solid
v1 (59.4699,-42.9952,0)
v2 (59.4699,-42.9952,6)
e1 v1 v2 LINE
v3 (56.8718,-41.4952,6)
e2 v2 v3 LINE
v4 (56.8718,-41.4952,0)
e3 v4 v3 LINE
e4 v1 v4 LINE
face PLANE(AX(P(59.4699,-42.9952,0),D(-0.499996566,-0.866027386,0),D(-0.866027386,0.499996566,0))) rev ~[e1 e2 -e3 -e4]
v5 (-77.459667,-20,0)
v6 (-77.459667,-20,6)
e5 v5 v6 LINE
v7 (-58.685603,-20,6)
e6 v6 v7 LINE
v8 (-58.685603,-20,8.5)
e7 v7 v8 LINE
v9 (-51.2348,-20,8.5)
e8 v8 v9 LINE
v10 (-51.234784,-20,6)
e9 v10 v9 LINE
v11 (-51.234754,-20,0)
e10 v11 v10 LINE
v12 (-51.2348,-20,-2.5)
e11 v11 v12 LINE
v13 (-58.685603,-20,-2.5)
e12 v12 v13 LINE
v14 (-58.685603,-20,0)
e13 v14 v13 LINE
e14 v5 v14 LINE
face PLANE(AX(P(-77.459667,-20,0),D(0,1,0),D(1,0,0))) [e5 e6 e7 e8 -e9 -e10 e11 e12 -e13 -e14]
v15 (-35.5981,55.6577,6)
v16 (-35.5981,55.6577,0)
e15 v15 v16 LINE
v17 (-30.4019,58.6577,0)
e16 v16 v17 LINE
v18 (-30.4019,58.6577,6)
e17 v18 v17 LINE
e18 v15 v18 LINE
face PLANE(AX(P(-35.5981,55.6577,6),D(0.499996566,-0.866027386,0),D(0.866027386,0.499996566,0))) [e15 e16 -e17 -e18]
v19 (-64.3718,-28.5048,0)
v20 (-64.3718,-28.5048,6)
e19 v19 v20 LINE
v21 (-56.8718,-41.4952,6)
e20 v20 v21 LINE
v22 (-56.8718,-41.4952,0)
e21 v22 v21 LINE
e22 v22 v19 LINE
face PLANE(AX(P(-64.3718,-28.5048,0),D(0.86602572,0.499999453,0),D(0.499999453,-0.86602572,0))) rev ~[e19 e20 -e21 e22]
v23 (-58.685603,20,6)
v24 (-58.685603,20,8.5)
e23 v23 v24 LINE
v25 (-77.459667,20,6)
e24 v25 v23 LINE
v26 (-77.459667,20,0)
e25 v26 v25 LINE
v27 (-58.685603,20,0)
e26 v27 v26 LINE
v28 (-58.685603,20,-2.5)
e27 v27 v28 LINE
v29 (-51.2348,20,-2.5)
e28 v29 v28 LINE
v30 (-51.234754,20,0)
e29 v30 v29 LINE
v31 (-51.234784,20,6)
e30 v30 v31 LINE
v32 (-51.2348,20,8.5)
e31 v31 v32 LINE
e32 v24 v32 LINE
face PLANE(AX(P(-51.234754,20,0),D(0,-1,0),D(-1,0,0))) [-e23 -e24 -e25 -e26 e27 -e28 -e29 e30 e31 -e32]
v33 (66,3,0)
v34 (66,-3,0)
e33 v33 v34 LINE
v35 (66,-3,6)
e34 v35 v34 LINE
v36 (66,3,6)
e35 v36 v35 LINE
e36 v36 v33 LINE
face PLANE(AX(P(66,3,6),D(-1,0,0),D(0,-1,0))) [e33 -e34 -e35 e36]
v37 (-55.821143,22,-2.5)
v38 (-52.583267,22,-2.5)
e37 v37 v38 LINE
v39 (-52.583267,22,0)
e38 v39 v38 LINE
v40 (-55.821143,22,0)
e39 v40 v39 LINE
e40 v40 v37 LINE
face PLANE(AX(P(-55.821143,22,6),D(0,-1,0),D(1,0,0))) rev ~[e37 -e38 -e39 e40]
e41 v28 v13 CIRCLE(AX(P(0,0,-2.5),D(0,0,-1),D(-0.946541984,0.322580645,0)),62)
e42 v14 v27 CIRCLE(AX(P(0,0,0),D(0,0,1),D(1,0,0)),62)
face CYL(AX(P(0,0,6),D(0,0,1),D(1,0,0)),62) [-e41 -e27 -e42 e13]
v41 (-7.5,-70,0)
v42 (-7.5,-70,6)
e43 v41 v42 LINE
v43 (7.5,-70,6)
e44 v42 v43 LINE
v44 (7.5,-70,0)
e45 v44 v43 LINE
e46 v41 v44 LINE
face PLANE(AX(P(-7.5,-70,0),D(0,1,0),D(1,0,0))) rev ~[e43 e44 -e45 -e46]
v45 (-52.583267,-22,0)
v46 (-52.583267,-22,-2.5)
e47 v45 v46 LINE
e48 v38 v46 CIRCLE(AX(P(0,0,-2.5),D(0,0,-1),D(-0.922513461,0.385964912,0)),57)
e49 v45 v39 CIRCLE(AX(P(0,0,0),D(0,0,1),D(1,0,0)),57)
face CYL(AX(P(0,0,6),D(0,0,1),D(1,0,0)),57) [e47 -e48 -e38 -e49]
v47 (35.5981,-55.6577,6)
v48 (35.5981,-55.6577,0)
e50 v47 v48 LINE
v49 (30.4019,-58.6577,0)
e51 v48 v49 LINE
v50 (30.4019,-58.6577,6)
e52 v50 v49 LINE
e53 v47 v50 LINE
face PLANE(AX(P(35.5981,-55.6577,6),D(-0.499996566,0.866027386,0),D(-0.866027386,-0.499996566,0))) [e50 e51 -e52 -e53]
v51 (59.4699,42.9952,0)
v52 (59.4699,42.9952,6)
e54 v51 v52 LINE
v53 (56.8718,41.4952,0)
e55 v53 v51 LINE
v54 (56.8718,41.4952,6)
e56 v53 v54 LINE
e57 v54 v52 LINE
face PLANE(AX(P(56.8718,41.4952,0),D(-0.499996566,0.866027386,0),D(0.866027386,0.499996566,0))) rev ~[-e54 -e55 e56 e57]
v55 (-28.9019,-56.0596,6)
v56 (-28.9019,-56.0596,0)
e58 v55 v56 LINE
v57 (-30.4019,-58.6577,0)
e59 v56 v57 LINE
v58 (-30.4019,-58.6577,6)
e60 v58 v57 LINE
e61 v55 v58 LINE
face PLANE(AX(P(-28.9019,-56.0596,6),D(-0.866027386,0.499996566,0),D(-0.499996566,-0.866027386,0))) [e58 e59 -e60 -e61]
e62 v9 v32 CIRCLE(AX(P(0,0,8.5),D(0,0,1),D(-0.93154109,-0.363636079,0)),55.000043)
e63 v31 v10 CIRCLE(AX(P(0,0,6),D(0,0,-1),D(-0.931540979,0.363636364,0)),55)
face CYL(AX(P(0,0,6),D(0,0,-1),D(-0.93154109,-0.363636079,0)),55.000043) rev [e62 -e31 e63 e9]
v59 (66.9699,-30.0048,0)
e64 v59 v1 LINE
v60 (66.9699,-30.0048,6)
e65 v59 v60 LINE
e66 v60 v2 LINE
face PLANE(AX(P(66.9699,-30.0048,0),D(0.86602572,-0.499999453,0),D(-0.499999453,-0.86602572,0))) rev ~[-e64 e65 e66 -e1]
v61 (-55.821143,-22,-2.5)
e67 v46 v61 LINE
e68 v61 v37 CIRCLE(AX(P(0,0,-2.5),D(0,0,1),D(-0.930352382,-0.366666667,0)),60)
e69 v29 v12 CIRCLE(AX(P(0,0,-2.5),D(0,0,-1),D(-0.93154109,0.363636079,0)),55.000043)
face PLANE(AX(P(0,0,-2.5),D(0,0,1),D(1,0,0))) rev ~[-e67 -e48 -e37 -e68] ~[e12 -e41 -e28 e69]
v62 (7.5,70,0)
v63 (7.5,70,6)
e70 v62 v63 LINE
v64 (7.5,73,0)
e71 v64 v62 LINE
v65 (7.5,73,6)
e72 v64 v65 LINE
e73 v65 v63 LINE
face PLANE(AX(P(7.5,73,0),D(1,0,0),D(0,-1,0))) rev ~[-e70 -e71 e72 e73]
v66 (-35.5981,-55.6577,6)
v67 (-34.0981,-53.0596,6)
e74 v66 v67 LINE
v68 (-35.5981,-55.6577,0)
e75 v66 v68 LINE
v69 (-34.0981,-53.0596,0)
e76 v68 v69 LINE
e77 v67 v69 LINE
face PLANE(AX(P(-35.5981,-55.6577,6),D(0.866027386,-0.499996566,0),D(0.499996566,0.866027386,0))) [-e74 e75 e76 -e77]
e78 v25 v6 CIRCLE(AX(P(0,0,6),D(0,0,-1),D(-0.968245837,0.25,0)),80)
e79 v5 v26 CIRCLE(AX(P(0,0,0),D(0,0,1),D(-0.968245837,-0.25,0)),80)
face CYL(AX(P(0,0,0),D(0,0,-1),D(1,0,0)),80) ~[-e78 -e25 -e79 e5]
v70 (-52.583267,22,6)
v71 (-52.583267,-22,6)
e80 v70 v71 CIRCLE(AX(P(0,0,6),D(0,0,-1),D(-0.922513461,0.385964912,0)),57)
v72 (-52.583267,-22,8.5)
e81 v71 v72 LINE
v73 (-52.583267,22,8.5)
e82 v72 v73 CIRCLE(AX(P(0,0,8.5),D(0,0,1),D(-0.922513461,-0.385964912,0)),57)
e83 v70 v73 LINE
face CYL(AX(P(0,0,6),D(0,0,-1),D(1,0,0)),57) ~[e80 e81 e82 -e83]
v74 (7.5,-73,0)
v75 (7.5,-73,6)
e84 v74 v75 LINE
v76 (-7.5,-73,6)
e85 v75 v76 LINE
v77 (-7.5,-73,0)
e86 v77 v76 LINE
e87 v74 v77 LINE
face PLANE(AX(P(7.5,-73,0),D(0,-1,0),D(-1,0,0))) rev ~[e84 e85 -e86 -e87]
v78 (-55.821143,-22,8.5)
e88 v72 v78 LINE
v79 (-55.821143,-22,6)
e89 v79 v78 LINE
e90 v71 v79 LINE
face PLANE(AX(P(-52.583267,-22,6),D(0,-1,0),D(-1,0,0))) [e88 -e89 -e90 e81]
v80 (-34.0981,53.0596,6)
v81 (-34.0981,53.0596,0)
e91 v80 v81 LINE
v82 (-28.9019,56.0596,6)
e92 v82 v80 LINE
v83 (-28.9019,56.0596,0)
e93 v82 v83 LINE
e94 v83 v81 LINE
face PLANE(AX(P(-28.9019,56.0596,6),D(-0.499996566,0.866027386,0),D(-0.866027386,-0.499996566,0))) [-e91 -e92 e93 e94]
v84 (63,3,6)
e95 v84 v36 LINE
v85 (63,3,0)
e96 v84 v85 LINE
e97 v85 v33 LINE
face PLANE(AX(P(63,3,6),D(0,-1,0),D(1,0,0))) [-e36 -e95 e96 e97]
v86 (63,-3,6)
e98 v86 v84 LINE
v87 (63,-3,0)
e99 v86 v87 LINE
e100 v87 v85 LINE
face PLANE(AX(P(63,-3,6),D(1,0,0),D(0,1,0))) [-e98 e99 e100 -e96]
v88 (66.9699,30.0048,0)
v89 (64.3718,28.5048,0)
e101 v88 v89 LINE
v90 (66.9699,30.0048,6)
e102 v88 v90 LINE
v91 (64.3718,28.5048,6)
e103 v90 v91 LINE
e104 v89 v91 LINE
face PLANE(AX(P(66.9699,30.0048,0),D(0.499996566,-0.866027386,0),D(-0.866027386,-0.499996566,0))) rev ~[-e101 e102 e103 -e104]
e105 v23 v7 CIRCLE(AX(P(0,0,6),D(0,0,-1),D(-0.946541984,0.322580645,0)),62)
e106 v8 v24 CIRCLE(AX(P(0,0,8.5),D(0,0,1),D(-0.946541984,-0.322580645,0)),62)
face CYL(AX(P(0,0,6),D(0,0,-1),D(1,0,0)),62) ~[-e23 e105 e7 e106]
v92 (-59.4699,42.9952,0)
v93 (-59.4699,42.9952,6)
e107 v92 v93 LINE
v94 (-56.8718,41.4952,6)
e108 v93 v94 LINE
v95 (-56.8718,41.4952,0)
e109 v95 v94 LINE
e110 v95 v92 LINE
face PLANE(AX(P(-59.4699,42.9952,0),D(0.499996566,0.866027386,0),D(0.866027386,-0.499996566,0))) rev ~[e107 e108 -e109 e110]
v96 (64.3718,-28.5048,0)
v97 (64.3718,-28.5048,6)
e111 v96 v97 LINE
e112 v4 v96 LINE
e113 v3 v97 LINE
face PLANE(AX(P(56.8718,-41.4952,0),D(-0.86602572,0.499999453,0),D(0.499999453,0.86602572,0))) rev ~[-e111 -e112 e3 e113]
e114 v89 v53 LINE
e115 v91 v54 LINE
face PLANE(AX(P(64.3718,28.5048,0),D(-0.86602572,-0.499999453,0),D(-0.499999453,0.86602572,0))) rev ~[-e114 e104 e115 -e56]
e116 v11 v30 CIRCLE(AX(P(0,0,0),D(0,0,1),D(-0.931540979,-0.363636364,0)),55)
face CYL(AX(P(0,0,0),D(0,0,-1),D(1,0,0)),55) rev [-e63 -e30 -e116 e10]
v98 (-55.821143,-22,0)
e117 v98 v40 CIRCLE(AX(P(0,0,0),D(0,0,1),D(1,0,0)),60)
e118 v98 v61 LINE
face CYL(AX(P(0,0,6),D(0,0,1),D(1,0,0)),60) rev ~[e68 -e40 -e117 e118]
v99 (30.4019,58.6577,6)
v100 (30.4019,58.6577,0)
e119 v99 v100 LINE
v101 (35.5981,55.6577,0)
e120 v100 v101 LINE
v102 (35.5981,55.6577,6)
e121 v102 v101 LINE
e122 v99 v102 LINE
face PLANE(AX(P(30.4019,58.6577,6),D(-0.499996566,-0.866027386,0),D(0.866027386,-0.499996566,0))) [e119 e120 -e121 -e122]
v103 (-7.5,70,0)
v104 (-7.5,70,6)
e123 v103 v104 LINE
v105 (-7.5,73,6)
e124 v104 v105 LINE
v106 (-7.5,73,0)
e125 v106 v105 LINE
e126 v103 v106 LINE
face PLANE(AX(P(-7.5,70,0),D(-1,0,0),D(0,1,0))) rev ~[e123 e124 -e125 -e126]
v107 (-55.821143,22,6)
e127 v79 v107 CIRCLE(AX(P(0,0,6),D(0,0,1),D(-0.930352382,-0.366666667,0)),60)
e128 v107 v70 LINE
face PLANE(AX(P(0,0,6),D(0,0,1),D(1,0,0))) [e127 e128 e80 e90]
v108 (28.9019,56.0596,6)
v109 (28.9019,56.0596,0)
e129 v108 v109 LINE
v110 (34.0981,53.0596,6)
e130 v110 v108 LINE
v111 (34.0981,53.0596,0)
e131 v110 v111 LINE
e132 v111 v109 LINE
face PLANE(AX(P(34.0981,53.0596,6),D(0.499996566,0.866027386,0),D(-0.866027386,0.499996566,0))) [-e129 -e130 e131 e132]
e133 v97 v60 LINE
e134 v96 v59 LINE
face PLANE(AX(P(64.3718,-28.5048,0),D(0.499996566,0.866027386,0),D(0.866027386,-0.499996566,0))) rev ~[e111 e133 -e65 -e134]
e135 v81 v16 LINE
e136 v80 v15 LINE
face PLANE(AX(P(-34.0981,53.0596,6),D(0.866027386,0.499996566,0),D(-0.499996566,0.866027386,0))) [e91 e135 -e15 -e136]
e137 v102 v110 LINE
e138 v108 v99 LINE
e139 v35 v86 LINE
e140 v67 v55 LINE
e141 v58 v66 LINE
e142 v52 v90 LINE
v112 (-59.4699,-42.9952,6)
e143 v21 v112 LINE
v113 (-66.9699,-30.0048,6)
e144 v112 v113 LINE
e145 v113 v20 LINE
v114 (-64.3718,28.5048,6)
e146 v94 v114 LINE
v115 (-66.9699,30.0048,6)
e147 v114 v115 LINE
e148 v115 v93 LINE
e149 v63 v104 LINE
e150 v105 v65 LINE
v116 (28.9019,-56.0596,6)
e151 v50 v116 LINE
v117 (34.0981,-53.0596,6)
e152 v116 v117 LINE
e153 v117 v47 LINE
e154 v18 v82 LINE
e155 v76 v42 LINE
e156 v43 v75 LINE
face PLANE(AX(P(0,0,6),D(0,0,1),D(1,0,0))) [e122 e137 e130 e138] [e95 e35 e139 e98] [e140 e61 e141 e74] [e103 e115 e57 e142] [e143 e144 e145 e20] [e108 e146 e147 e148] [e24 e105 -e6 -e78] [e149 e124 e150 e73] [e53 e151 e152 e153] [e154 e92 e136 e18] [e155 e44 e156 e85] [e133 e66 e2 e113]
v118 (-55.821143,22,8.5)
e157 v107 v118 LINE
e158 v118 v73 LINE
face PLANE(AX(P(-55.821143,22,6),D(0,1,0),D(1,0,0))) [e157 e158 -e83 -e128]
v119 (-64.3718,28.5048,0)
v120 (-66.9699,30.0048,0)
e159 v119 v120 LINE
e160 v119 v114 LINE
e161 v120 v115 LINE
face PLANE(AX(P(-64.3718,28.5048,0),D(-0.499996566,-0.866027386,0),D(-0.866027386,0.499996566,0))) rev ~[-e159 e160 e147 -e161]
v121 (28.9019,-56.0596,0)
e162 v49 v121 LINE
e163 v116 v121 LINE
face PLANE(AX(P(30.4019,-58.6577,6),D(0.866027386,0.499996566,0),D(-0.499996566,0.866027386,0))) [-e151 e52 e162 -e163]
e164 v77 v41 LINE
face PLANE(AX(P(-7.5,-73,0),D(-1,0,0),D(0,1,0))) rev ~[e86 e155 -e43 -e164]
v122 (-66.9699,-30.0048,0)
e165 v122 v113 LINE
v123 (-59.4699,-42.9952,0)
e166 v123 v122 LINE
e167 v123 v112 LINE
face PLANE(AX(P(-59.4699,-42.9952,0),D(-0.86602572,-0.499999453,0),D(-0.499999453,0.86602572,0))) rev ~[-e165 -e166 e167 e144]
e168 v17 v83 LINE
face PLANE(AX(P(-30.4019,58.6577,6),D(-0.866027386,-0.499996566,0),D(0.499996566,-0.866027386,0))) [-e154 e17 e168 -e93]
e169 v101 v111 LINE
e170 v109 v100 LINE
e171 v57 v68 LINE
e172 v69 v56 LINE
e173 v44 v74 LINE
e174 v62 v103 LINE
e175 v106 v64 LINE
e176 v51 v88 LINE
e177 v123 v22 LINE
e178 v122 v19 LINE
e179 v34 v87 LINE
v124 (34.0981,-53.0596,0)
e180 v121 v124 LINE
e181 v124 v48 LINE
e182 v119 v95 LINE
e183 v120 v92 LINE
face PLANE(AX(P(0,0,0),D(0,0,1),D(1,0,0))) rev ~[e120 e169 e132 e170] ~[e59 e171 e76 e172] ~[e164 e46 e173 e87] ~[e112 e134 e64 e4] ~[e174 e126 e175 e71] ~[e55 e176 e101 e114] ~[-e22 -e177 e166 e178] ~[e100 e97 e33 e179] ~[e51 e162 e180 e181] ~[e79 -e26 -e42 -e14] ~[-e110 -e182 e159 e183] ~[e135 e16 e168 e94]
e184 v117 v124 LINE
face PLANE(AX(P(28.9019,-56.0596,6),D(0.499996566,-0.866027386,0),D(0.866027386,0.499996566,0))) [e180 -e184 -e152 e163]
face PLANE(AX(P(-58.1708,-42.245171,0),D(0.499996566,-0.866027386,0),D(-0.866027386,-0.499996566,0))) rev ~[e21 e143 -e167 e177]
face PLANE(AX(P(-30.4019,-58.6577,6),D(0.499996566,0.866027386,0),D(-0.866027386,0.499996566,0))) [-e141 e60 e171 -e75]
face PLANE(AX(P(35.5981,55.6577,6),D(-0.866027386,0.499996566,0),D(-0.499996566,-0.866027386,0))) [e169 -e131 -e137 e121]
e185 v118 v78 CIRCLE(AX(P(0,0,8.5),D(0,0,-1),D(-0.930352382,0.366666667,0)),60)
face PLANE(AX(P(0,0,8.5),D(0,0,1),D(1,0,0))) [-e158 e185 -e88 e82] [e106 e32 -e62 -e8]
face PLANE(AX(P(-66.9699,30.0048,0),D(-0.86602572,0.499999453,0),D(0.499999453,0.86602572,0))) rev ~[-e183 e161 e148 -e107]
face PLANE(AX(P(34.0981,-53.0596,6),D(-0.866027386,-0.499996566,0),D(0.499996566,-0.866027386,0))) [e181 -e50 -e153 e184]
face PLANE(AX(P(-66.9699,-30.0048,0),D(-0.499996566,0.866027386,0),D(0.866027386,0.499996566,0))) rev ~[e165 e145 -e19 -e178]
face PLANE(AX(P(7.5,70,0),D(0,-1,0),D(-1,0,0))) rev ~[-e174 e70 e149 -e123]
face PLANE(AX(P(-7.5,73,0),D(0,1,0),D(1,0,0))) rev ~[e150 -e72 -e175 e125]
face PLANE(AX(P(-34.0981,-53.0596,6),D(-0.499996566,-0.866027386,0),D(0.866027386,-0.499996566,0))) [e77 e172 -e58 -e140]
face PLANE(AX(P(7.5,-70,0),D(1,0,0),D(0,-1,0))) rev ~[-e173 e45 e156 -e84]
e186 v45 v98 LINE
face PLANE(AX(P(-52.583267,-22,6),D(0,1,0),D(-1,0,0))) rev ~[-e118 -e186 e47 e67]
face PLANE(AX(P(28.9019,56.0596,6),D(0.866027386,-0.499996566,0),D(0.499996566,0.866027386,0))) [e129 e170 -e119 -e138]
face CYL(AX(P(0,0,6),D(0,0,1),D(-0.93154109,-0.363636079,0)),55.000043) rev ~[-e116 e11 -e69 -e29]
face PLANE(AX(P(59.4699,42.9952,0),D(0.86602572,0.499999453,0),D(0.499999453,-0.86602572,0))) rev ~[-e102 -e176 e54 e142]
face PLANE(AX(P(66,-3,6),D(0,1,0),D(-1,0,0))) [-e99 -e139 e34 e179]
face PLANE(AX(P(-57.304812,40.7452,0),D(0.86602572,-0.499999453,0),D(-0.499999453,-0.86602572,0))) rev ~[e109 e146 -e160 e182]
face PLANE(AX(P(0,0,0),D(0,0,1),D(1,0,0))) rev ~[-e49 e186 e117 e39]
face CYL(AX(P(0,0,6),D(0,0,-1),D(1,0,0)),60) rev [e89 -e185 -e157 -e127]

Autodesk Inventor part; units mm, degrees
ref_plane "YZ Plane" through (0, 0, 0) normal (1, 0, 0) x (0, 1, 0)
ref_plane "XZ Plane" through (0, 0, 0) normal (0, 1, 0) x (-1, 0, 0)
ref_plane "XY Plane" through (0, 0, 0) normal (0, 0, 1) x (1, 0, 0)
sketch "Sketch1" plane through (0, 0, 0) normal (0, 0, 1) x (1, 0, 0)
  circle A0 centre (0, 0) radius 80
  circle A1 centre (0, 0) radius 55
  line L0 (-7.5, 73) -> (7.5, 73)
  line L1 (7.5, 73) -> (7.5, 70)
  line L2 (7.5, 70) -> (-7.5, 70)
  line L3 (-7.5, 70) -> (-7.5, 73)
  line L4 (-66.9699, 30.0048) -> (-59.4699, 42.9952)
  line L5 (-59.4699, 42.9952) -> (-56.8718, 41.4952)
  line L6 (-56.8718, 41.4952) -> (-64.3718, 28.5048)
  line L7 (-64.3718, 28.5048) -> (-66.9699, 30.0048)
  line L8 (-59.4699, -42.9952) -> (-66.9699, -30.0048)
  line L9 (-66.9699, -30.0048) -> (-64.3718, -28.5048)
  line L10 (-64.3718, -28.5048) -> (-56.8718, -41.4952)
  line L11 (-56.8718, -41.4952) -> (-59.4699, -42.9952)
  line L12 (7.5, -73) -> (-7.5, -73)
  line L13 (-7.5, -73) -> (-7.5, -70)
  line L14 (-7.5, -70) -> (7.5, -70)
  line L15 (7.5, -70) -> (7.5, -73)
  line L16 (66.9699, -30.0048) -> (59.4699, -42.9952)
  line L17 (59.4699, -42.9952) -> (56.8718, -41.4952)
  line L18 (56.8718, -41.4952) -> (64.3718, -28.5048)
  line L19 (64.3718, -28.5048) -> (66.9699, -30.0048)
  line L20 (59.4699, 42.9952) -> (66.9699, 30.0048)
  line L21 (66.9699, 30.0048) -> (64.3718, 28.5048)
  line L22 (64.3718, 28.5048) -> (56.8718, 41.4952)
  line L23 (56.8718, 41.4952) -> (59.4699, 42.9952)
  line L24 (-58.1708, 43.7452) -> (-43.1708, 43.7452)
  line L25 (-43.1708, 43.7452) -> (-43.1708, 40.7452)
  line L26 (-43.1708, 40.7452) -> (-58.1708, 40.7452)
  line L27 (-58.1708, 40.7452) -> (-58.1708, 43.7452)
  line L28 (-58.1708, -40.7452) -> (-43.1708, -40.7452)
  line L29 (-43.1708, -40.7452) -> (-43.1708, -43.7452)
  line L30 (-43.1708, -43.7452) -> (-58.1708, -43.7452)
  line L31 (-58.1708, -43.7452) -> (-58.1708, -40.7452)
  line L32 (0, 20) -> (-100, 20)
  line L33 (-100, 20) -> (-100, -20)
  line L34 (-100, -20) -> (0, -20)
  line L35 (0, -20) -> (0, 20)
  point P0 (0, 73)
  point P1 (7.5, 71.5)
  point P2 (0, 70)
  point P3 (-63.2199, 36.5)
  point P4 (-58.1708, 42.2452)
  point P5 (-60.6218, 35)
  point P6 (-63.2199, -36.5)
  point P7 (-65.6708, -29.2548)
  point P8 (-60.6218, -35)
  point P9 (0, -73)
  point P10 (-7.5, -71.5)
  point P11 (0, -70)
  point P12 (63.2199, -36.5)
  point P13 (58.1708, -42.2452)
  point P14 (60.6218, -35)
  point P15 (63.2199, 36.5)
  point P16 (65.6708, 29.2548)
  point P17 (60.6218, 35)
  point P18 (-58.1708, 42.2452)
  point P19 (-58.1708, -42.2452)
  point P20 (-51.2348, -20)
  point P21 (-77.4597, -20)
  point P22 (-77.4597, 20)
  point P23 (-51.2348, 20)
  dimension "d0" = 160
  dimension "d1" = 110
  dimension "d2" = 15
  dimension "d3" = 3
  dimension "d11" = 70
  dimension "d14" = 360
  dimension "d18" = 15
  dimension "d19" = 3
  dimension "d20" = 15
  dimension "d21" = 3
  dimension "d22" = 40
  dimension "d23" = 100
extrude "Extrusion2" add sketch "Sketch1" along normal blind 6 contours A0 L34 A1 L32 | L27 L24 L25 L26 L6 L5 | L11 L10 L28 L29 L30 L31 picked at (16.7927, -65.9701)
sketch "草圖2" plane through (0, 0, 6) normal (0, 0, 1) x (1, 0, 0)
  arc A0 (-51.2348, -20) -> (-51.2348, 20) centre (0, 0) ccw projected
  circle A1 centre (0, 0) radius 55
  circle A2 centre (0, 0) radius 57
  circle A3 centre (0, 0) radius 60
  circle A4 centre (0, 0) radius 62
  arc A5 (-77.4597, -20) -> (-77.4597, 20) centre (0, 0) ccw projected
  line L0 (-51.2348, 20) -> (-77.4597, 20)
  line L1 (-51.2348, -20) -> (-77.4597, -20) projected
  line L2 (-51.2348, -20) -> (-77.4597, -20)
  line L3 (-51.2348, 20) -> (-77.4597, 20)
  line L4 (-77.4597, 20) -> (-77.4597, 22)
  line L5 (-77.4597, 22) -> (-51.2348, 22)
  line L6 (-51.2348, 22) -> (-51.2348, 20)
  line L7 (-77.4597, -20) -> (-51.2348, -20)
  line L8 (-51.2348, -20) -> (-51.2348, -22)
  line L9 (-51.2348, -22) -> (-77.4597, -22)
  line L10 (-77.4597, -22) -> (-77.4597, -20)
  point P0 (-58.6856, 20)
  point P1 (-58.6856, -20)
  point P2 (-55.8211, 22)
  point P3 (-55.8211, -22)
  point P4 (-52.5833, -22)
  point P5 (-52.5833, 22)
  dimension "d24" = 114
  dimension "d25" = 120
  dimension "d26" = 124
  dimension "d27" = 2
  dimension "d28" = 26.2249
  dimension "d29" = 2
  dimension "d30" = 26.2249
extrude "擠出3" add sketch "草圖2" against normal blind 8.5 contours L8 L9 A2 L1 | A0 L6 L5 A2 L9 L8 | L0 A2 L5 L6 | A2 L9 A3 L1 | L0 A3 L5 A2 | A3 L9 A4 L1 | L0 A4 L5 A3 | A3 L5 A4 L9
extrude "擠出4" add sketch "草圖2" along normal blind 2.5 contours L8 L9 A2 L1 | A0 L6 L5 A2 L9 L8 | L0 A2 L5 L6 | A2 L9 A3 L1 | L0 A3 L5 A2 | A3 L9 A4 L1 | L0 A4 L5 A3 | A3 L5 A4 L9
sketch "草圖3" plane through (0, 0, 6) normal (0, 0, 1) x (1, 0, 0)
  line L0 (63, 3) -> (66, 3)
  line L1 (66, 3) -> (66, -3)
  line L2 (66, -3) -> (63, -3)
  line L3 (63, -3) -> (63, 3)
  line L4 (28.9019, 56.0596) -> (30.4019, 58.6577)
  line L5 (30.4019, 58.6577) -> (35.5981, 55.6577)
  line L6 (35.5981, 55.6577) -> (34.0981, 53.0596)
  line L7 (34.0981, 53.0596) -> (28.9019, 56.0596)
  line L8 (-34.0981, 53.0596) -> (-35.5981, 55.6577)
  line L9 (-35.5981, 55.6577) -> (-30.4019, 58.6577)
  line L10 (-30.4019, 58.6577) -> (-28.9019, 56.0596)
  line L11 (-28.9019, 56.0596) -> (-34.0981, 53.0596)
  line L12 (-63, -3) -> (-66, -3)
  line L13 (-66, -3) -> (-66, 3)
  line L14 (-66, 3) -> (-63, 3)
  line L15 (-63, 3) -> (-63, -3)
  line L16 (-28.9019, -56.0596) -> (-30.4019, -58.6577)
  line L17 (-30.4019, -58.6577) -> (-35.5981, -55.6577)
  line L18 (-35.5981, -55.6577) -> (-34.0981, -53.0596)
  line L19 (-34.0981, -53.0596) -> (-28.9019, -56.0596)
  line L20 (34.0981, -53.0596) -> (35.5981, -55.6577)
  line L21 (35.5981, -55.6577) -> (30.4019, -58.6577)
  line L22 (30.4019, -58.6577) -> (28.9019, -56.0596)
  line L23 (28.9019, -56.0596) -> (34.0981, -53.0596)
  point P0 (0, 0)
  point P1 (63, 0)
  point P2 (31.5, 54.5596)
  point P3 (-31.5, 54.5596)
  point P4 (-63, 0)
  point P5 (-31.5, -54.5596)
  point P6 (31.5, -54.5596)
  dimension "d42" = 3
  dimension "d43" = 6
  dimension "d44" = 63
  dimension "d47" = 360
extrude "擠出5" cut sketch "草圖3" against normal through all contours L0 L1 L2 L3 | L4 L5 L6 L7 | L8 L9 L10 L11 | L16 L17 L18 L19 | L20 L21 L22 L23
properties part number "[3DP]back_cir_hold_final" material "MDF Medium Density Fiberboard"
